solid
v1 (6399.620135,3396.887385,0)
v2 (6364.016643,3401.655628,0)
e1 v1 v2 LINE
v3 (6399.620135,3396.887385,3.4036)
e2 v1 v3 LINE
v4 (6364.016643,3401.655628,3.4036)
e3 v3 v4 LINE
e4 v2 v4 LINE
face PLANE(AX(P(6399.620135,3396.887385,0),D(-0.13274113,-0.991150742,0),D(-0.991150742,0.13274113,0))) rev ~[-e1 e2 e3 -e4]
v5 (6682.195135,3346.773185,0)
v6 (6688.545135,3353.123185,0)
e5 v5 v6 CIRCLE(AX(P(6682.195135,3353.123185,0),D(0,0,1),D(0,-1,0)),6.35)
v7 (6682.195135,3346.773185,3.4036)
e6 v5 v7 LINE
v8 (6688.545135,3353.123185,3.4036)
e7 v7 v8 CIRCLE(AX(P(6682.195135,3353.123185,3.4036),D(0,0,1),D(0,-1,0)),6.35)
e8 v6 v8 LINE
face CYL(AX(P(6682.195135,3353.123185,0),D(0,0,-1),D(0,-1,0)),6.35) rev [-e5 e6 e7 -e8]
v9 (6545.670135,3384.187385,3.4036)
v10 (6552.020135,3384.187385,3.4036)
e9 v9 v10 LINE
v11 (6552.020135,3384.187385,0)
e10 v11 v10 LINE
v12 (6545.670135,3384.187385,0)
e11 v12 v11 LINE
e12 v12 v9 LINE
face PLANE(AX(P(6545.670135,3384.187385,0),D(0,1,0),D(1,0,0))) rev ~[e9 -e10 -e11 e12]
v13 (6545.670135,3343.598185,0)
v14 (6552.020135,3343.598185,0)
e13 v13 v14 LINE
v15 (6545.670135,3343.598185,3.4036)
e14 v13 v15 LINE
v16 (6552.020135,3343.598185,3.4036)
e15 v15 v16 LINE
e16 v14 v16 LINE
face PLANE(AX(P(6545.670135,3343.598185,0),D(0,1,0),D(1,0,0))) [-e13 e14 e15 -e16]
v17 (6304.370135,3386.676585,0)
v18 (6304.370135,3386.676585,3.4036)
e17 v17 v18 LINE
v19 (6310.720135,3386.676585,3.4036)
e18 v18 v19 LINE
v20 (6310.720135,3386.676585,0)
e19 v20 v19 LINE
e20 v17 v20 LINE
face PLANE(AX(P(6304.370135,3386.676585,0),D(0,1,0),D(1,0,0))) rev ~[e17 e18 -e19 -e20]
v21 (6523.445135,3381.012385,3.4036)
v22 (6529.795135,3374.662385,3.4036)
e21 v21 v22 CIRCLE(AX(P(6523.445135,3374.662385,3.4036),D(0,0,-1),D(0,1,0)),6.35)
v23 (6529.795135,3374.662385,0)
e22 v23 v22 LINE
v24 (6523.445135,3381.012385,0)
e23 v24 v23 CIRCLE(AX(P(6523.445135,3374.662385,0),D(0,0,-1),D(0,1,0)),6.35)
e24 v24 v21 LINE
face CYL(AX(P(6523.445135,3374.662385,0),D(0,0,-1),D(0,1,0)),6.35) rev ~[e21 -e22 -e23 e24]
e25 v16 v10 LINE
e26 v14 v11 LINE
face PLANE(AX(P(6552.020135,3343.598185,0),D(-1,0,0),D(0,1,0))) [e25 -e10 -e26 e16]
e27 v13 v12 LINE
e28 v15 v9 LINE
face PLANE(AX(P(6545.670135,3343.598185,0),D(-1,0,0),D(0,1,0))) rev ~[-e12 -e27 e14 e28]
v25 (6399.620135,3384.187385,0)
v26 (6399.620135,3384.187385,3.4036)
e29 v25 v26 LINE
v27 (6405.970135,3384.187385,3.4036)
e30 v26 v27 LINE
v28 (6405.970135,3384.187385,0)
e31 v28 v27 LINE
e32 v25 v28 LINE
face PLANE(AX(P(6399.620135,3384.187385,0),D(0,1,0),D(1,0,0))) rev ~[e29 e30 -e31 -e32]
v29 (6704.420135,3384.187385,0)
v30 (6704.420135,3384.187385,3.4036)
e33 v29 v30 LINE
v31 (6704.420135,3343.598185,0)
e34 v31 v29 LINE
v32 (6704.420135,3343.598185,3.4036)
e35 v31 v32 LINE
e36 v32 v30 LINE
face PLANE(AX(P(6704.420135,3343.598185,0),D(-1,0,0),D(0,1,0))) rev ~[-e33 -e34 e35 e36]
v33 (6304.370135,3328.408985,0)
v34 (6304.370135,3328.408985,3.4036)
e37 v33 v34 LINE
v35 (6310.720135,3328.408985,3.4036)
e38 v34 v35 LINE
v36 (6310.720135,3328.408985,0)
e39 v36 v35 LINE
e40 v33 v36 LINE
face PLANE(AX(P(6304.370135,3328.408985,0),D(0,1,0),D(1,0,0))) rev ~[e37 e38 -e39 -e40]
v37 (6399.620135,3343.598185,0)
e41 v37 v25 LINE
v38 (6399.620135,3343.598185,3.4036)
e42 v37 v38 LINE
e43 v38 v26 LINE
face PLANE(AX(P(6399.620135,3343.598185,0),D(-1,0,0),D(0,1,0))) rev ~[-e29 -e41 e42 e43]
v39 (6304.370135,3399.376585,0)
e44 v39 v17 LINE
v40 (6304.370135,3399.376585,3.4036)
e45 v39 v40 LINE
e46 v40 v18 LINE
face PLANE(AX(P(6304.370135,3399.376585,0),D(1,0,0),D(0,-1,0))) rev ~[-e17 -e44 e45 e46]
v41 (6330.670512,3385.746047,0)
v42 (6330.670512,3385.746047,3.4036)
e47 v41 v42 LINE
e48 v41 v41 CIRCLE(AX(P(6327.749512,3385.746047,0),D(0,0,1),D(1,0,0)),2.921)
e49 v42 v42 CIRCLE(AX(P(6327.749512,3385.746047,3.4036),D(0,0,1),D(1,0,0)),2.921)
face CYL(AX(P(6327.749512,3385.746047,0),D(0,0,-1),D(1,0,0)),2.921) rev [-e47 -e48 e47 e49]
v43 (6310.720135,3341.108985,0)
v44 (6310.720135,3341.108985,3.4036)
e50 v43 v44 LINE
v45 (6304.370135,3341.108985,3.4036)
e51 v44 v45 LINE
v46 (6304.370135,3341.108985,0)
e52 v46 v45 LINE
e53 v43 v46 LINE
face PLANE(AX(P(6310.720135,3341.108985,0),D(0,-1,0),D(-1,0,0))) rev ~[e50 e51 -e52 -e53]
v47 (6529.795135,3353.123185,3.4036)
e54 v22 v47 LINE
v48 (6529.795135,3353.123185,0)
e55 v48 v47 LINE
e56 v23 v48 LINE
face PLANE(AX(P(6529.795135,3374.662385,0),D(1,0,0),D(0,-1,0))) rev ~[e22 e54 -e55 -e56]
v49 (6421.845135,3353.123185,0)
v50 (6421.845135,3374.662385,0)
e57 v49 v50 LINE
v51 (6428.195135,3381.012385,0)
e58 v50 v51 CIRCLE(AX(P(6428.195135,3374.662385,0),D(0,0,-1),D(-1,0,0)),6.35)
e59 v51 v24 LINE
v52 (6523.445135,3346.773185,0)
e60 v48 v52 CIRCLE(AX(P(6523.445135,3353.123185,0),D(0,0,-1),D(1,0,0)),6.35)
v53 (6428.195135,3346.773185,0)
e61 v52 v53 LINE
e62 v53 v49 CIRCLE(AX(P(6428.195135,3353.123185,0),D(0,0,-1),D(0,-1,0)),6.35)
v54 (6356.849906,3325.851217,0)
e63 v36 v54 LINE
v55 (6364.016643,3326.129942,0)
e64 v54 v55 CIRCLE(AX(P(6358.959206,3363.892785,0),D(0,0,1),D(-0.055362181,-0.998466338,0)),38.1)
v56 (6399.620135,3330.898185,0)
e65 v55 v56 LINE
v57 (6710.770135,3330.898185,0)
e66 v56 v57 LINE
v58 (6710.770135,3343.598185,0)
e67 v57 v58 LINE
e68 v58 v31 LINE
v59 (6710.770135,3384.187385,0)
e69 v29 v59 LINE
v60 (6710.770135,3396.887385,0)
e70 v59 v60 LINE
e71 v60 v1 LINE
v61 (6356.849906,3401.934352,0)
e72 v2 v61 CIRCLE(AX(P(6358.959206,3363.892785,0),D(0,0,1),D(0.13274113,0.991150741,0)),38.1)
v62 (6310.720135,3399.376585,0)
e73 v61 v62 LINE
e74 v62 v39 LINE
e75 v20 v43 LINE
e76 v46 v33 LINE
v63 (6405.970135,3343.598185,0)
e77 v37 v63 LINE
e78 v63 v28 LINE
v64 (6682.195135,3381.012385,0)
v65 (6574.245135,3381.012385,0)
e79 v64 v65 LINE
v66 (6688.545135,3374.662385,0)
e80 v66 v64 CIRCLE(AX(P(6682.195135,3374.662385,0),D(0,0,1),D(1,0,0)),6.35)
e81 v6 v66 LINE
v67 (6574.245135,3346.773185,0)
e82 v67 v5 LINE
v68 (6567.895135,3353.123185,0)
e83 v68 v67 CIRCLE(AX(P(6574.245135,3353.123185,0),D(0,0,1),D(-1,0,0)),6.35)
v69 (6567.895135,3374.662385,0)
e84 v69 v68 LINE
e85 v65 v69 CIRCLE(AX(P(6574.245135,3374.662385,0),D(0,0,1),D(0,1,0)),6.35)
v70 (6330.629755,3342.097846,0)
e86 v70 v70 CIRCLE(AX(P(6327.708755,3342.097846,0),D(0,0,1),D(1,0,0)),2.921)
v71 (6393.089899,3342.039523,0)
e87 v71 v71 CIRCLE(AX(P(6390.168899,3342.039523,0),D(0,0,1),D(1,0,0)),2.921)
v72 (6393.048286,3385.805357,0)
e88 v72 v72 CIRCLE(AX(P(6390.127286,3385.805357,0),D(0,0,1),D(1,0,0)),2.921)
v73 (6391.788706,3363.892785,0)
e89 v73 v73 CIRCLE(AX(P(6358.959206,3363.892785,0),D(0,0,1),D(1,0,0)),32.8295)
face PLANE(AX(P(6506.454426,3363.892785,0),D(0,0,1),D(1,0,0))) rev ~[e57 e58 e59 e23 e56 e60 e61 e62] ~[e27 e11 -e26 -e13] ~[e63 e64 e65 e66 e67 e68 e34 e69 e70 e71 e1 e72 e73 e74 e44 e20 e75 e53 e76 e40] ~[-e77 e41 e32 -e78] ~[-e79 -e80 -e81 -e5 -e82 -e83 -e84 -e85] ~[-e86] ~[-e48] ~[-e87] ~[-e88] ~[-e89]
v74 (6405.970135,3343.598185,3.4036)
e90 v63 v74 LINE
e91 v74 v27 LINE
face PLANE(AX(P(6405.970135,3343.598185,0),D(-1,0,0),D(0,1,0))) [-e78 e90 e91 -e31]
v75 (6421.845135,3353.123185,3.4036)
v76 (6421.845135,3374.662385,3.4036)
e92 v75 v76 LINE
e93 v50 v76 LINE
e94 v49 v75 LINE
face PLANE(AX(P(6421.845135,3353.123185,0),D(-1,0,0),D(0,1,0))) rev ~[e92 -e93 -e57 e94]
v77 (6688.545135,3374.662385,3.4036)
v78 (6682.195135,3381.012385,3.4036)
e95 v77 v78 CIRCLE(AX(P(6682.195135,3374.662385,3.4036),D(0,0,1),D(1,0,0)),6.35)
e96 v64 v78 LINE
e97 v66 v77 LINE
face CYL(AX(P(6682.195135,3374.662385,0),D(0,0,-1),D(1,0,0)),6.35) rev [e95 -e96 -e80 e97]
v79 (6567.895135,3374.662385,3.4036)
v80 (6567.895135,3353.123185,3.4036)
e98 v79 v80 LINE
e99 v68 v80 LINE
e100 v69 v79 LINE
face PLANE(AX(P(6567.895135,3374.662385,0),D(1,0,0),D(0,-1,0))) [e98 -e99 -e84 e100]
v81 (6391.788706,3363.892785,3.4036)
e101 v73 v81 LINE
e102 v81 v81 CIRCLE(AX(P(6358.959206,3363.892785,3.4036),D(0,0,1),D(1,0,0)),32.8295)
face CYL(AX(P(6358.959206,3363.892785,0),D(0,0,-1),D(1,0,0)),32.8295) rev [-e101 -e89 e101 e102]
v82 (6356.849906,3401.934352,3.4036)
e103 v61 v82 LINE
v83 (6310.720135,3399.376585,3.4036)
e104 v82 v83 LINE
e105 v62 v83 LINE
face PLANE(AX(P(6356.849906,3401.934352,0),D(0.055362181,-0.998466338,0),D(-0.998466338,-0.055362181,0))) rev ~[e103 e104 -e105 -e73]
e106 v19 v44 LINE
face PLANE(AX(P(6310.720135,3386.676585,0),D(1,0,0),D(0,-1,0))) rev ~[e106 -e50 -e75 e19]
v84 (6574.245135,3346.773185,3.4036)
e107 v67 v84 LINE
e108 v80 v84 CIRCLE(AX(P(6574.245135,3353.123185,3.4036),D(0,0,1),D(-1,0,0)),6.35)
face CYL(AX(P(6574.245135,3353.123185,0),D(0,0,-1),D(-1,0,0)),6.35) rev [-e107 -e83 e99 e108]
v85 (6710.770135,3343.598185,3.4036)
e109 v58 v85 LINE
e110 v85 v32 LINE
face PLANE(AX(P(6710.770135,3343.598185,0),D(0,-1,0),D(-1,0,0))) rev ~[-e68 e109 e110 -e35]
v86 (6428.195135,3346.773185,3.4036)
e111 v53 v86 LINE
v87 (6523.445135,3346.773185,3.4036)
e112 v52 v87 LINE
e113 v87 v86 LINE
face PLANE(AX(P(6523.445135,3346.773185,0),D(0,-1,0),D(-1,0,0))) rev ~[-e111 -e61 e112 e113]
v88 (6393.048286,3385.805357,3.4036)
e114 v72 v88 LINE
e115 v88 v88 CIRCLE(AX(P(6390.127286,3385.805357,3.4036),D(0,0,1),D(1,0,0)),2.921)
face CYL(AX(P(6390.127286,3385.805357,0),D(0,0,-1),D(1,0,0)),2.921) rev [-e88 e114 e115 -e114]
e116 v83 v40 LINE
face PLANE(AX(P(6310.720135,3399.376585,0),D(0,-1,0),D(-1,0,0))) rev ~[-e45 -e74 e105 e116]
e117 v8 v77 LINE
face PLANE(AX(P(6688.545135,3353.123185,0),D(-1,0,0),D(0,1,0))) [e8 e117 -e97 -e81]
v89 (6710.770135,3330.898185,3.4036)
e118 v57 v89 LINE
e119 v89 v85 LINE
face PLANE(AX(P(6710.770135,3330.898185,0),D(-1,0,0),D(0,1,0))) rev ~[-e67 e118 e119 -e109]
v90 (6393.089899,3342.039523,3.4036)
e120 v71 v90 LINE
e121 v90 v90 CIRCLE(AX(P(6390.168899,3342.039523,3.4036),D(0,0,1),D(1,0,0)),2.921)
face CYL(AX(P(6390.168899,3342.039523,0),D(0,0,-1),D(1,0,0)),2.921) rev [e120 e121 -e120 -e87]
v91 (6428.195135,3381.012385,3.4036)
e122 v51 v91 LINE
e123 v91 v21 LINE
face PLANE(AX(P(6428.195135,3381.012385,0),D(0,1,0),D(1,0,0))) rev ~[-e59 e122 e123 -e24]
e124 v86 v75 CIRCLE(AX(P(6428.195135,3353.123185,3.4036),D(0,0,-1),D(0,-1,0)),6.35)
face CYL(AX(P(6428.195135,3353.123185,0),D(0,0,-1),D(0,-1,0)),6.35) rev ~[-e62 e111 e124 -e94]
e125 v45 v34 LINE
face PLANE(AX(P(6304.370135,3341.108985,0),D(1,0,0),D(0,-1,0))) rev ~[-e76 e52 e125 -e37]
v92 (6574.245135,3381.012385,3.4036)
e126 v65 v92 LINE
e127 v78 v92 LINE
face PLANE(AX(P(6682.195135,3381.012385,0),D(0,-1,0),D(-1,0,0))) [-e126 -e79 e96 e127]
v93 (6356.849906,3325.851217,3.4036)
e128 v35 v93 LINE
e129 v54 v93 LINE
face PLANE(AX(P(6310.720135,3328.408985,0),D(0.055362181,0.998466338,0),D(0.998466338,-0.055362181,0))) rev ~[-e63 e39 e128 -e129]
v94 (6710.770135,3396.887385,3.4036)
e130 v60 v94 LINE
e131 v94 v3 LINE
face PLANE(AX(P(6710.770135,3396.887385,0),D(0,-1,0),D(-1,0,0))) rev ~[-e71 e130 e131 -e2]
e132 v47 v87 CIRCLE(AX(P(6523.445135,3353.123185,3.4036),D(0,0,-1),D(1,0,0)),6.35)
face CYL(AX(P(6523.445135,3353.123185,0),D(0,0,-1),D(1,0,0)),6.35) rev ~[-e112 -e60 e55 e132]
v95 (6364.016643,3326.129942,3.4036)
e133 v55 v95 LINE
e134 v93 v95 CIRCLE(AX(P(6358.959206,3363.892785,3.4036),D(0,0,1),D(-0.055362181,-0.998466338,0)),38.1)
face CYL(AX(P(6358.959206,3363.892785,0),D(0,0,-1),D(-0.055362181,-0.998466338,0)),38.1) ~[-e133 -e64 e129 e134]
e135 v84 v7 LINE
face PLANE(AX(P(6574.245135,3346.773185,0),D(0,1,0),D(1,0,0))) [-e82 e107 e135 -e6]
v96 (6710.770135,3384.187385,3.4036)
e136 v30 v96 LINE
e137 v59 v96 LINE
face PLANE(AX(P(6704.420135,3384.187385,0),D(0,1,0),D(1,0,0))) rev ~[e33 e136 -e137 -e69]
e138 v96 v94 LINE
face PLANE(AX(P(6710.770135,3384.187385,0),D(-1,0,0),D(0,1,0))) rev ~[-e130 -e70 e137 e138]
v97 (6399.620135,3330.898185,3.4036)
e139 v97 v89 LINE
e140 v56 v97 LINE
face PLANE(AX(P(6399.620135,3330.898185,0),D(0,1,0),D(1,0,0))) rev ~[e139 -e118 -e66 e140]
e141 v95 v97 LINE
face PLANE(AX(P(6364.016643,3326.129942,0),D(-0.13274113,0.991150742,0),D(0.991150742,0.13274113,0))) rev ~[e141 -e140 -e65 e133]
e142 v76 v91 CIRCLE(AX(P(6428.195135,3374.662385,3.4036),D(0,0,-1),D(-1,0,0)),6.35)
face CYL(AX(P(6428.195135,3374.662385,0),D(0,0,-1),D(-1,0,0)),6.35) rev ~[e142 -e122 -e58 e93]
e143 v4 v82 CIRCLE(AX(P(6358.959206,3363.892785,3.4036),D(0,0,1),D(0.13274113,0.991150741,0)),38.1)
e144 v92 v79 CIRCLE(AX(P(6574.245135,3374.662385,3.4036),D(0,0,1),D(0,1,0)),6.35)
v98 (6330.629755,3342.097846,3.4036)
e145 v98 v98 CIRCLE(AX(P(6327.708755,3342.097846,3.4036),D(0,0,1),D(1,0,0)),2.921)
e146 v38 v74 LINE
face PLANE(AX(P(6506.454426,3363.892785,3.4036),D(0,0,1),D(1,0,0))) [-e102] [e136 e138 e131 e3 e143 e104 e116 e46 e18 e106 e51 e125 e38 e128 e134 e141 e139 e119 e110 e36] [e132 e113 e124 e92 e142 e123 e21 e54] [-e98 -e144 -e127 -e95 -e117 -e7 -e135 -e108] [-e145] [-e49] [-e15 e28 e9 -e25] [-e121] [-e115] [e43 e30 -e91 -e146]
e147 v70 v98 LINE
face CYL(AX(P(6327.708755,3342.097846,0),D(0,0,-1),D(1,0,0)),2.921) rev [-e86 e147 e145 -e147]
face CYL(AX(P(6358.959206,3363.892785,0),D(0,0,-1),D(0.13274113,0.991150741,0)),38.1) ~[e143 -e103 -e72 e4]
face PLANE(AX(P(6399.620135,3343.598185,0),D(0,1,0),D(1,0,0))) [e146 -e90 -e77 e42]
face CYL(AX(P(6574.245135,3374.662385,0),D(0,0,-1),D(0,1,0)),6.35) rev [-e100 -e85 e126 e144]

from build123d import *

# Parameters (mm, degrees)
SKETCH1_R           = 32.8295
SKETCH1_R_2         = 2.921000021
SKETCH1_W           = 6.35
SKETCH1_H           = 40.5892
BOSS_EXTRUDE1_DEPTH = 3.4036


with BuildPart() as part:
    # Sketch1 → Boss-Extrude1 (new body)
    with BuildSketch(Plane.XY):
        with BuildLine():
            Line((6310.72013516, 3386.676584946), (6310.72013516, 3341.108984946))
            Line((6310.72013516, 3341.108984946), (6304.37013516, 3341.108984946))
            Line((6304.37013516, 3341.108984946), (6304.37013516, 3328.408984946))
            Line((6304.37013516, 3328.408984946), (6310.72013516, 3328.408984946))
            Line((6310.72013516, 3328.408984946), (6356.849906468, 3325.851217453))
            ThreePointArc((6356.849906468, 3325.851217453), (6360.439847706, 3325.821566173), (6364.016642615, 3326.129941694))
            Line((6364.016642615, 3326.129941694), (6399.62013516, 3330.898184946))
            Line((6399.62013516, 3330.898184946), (6710.77013516, 3330.898184946))
            Line((6710.77013516, 3330.898184946), (6710.77013516, 3343.598184946))
            Line((6710.77013516, 3343.598184946), (6704.42013516, 3343.598184946))
            Line((6704.42013516, 3343.598184946), (6704.42013516, 3384.187384946))
            Line((6704.42013516, 3384.187384946), (6710.77013516, 3384.187384946))
            Line((6710.77013516, 3384.187384946), (6710.77013516, 3396.887384946))
            Line((6710.77013516, 3396.887384946), (6399.62013516, 3396.887384946))
            Line((6399.62013516, 3396.887384946), (6364.016642615, 3401.655628197))
            ThreePointArc((6364.016642615, 3401.655628197), (6360.439847706, 3401.964003719), (6356.849906468, 3401.934352439))
            Line((6356.849906468, 3401.934352439), (6310.72013516, 3399.376584946))
            Line((6310.72013516, 3399.376584946), (6304.37013516, 3399.376584946))
            Line((6304.37013516, 3399.376584946), (6304.37013516, 3386.676584946))
            Line((6304.37013516, 3386.676584946), (6310.72013516, 3386.676584946))
        make_face()
        with Locations((6358.95920556, 3363.892784946)):
            Circle(SKETCH1_R, mode=Mode.SUBTRACT)
        with Locations((6327.70875532, 3342.097845648)):
            Circle(SKETCH1_R_2, mode=Mode.SUBTRACT)
        with Locations((6390.168898653, 3342.039522577)):
            Circle(SKETCH1_R_2, mode=Mode.SUBTRACT)
        with Locations((6390.127285576, 3385.805356845)):
            Circle(SKETCH1_R_2, mode=Mode.SUBTRACT)
        with Locations((6327.749512467, 3385.746047315)):
            Circle(SKETCH1_R_2, mode=Mode.SUBTRACT)
        with Locations((6402.79513516, 3363.892784946)):
            Rectangle(SKETCH1_W, SKETCH1_H, mode=Mode.SUBTRACT)
        with BuildLine():
            Line((6421.84513516, 3353.123184946), (6421.84513516, 3374.662384946))
            ThreePointArc((6421.84513516, 3374.662384946), (6423.705007099, 3379.152513006), (6428.19513516, 3381.012384946))
            Line((6428.19513516, 3381.012384946), (6523.44513516, 3381.012384946))
            ThreePointArc((6523.44513516, 3381.012384946), (6527.93526322, 3379.152513006), (6529.79513516, 3374.662384946))
            Line((6529.79513516, 3374.662384946), (6529.79513516, 3353.123184946))
            ThreePointArc((6529.79513516, 3353.123184946), (6527.93526322, 3348.633056885), (6523.44513516, 3346.773184946))
            Line((6523.44513516, 3346.773184946), (6428.19513516, 3346.773184946))
            ThreePointArc((6428.19513516, 3346.773184946), (6423.705007099, 3348.633056885), (6421.84513516, 3353.123184946))
        make_face(mode=Mode.SUBTRACT)
        with BuildLine():
            Line((6682.19513516, 3381.012384946), (6574.24513516, 3381.012384946))
            ThreePointArc((6574.24513516, 3381.012384946), (6569.755007099, 3379.152513006), (6567.89513516, 3374.662384946))
            Line((6567.89513516, 3374.662384946), (6567.89513516, 3353.123184946))
            ThreePointArc((6567.89513516, 3353.123184946), (6569.755007099, 3348.633056885), (6574.24513516, 3346.773184946))
            Line((6574.24513516, 3346.773184946), (6682.19513516, 3346.773184946))
            ThreePointArc((6682.19513516, 3346.773184946), (6686.68526322, 3348.633056885), (6688.54513516, 3353.123184946))
            Line((6688.54513516, 3353.123184946), (6688.54513516, 3374.662384946))
            ThreePointArc((6688.54513516, 3374.662384946), (6686.68526322, 3379.152513006), (6682.19513516, 3381.012384946))
        make_face(mode=Mode.SUBTRACT)
        with Locations((6548.84513516, 3363.892784946)):
            Rectangle(SKETCH1_W, SKETCH1_H, mode=Mode.SUBTRACT)
    extrude(amount=BOSS_EXTRUDE1_DEPTH)


solid = part.part
